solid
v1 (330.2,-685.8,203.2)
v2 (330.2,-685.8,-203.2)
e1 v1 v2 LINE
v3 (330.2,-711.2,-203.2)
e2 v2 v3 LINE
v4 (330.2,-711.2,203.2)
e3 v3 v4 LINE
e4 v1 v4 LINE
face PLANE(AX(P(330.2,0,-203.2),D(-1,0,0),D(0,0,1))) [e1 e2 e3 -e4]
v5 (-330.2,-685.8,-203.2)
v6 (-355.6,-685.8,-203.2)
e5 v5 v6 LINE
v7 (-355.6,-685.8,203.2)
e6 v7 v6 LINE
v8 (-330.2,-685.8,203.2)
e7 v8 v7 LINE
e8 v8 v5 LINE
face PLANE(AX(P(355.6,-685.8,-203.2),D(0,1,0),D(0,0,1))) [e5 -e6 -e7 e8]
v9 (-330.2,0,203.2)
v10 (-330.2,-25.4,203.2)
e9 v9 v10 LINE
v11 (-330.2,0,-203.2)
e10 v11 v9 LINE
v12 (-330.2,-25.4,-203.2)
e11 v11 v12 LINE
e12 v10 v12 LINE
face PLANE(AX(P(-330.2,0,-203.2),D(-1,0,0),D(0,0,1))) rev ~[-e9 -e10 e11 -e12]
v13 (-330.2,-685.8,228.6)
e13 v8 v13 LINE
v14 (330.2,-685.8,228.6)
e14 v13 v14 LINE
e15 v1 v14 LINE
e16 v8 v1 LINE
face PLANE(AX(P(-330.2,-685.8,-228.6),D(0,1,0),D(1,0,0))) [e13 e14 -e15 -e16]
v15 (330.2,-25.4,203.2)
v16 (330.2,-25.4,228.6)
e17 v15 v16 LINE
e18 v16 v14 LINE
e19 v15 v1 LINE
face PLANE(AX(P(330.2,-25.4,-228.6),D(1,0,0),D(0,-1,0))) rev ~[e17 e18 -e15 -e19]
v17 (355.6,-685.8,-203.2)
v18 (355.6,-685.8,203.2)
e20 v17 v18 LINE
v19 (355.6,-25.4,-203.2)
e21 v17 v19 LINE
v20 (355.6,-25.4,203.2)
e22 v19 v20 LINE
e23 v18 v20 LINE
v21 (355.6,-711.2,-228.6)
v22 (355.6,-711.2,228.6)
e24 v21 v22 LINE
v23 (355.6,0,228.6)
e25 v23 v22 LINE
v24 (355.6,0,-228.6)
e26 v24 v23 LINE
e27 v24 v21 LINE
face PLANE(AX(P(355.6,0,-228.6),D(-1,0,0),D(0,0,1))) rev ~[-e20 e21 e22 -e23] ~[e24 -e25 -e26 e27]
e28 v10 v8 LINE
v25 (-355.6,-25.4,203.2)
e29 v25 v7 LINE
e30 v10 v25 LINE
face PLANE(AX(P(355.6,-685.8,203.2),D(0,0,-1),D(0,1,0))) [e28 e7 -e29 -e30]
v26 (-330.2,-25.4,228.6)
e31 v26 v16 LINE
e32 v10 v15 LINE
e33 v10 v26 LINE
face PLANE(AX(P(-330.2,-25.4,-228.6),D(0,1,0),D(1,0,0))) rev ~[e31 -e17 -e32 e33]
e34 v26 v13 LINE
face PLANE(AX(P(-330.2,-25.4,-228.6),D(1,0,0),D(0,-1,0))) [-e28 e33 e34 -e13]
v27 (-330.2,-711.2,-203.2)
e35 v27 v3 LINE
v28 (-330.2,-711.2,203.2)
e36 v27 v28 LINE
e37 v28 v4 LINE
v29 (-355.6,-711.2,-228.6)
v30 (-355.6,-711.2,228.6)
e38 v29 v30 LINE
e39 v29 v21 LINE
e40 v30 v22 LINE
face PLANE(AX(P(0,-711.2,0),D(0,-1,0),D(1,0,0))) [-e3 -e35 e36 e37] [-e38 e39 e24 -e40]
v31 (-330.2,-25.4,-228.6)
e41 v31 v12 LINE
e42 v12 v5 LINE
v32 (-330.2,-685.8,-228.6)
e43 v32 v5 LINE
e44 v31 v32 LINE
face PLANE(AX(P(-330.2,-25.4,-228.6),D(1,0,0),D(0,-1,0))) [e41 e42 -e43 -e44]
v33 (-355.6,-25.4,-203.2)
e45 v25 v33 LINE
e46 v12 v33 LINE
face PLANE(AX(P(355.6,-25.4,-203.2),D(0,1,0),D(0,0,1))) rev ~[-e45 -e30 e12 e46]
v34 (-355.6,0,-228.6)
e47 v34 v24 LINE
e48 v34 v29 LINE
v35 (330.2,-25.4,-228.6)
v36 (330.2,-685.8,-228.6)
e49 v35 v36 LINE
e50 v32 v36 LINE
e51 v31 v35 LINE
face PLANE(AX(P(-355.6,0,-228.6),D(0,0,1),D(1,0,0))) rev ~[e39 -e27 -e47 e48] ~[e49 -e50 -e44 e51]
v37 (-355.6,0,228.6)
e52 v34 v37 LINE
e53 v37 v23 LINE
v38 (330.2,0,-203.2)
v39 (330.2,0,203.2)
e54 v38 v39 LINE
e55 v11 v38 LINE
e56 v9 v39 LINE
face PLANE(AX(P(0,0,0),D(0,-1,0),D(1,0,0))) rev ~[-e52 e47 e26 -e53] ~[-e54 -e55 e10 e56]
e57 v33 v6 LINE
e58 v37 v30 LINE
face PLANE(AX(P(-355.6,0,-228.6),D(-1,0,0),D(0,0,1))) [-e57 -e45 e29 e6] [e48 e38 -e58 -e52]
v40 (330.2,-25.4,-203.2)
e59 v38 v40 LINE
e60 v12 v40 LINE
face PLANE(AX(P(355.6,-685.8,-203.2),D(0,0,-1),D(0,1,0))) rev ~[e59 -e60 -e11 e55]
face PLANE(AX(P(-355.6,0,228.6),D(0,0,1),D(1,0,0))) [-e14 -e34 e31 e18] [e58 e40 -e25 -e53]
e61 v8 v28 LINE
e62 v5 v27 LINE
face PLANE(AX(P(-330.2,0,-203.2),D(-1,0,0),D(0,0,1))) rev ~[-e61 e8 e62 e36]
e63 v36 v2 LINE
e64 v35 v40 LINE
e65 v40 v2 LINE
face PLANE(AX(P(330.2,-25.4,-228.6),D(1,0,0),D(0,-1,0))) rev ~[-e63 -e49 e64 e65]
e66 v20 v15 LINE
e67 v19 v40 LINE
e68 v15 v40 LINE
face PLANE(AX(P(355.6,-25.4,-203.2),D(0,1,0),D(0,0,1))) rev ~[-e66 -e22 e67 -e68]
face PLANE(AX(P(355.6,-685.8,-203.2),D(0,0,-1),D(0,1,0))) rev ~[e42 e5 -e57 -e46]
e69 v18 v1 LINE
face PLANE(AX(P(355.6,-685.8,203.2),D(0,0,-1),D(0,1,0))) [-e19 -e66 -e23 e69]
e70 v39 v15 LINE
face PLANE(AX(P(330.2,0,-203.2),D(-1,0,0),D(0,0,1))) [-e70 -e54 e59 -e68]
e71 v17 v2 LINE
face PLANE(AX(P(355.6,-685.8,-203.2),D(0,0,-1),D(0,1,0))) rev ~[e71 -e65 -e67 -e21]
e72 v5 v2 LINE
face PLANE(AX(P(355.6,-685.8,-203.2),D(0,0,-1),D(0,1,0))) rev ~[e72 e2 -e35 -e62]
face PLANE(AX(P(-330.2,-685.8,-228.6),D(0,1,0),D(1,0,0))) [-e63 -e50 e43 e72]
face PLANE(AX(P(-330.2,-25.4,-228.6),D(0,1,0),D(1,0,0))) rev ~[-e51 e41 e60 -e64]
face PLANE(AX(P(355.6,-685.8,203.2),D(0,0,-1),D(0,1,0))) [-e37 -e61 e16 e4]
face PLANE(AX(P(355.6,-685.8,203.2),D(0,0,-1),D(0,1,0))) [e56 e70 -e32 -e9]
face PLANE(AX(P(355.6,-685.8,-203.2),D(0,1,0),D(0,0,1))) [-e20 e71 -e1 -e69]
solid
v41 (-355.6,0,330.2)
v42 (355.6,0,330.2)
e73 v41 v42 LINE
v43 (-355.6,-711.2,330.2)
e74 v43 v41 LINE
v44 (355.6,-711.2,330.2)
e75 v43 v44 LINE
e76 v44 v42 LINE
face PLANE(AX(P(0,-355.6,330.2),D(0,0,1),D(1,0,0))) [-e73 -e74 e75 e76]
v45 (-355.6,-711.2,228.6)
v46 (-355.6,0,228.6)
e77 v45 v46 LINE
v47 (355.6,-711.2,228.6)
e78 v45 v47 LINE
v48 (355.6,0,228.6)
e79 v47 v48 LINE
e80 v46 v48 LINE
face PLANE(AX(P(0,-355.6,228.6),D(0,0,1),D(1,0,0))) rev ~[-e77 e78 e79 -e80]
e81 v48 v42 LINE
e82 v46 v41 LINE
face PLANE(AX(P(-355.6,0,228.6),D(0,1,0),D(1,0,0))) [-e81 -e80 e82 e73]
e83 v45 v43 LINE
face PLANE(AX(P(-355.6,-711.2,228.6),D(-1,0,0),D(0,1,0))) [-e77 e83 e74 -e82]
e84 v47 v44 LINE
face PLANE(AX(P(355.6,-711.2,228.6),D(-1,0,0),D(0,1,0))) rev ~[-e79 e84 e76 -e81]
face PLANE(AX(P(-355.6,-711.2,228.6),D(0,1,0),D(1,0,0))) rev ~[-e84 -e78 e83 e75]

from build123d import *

# Parameters (mm, degrees)
F0_W     = 711.2
F0_H     = 457.2
F0_W_2   = 660.4
F0_H_2   = 406.4
F1_DEPTH = 711.2
F3_DEPTH = 711.2
F4_W     = 660.4
F4_H     = 406.4
F5_DEPTH = 711.201
F6_W     = 660.4
F6_H     = 660.4
F7_DEPTH = 457.2
F8_W     = 711.2
F8_H     = 711.2
F9_DEPTH = 101.6


with BuildPart() as f1:
    # F0 (on Front) → F1 (new body)
    with BuildSketch(Plane.XZ):
        Rectangle(F0_W, F0_H)
        Rectangle(F0_W_2, F0_H_2, mode=Mode.SUBTRACT)
    extrude(amount=F1_DEPTH)


with BuildPart() as f3:
    # F0 (on Front) → F3 (new body)
    with BuildSketch(Plane.XZ):
        Rectangle(F0_W, F0_H)
        Rectangle(F0_W_2, F0_H_2, mode=Mode.SUBTRACT)
    extrude(amount=F3_DEPTH)


with BuildPart() as f5_tool:
    # F4 (on face) → F5 (new body, through all)
    with BuildSketch(Plane.YZ.offset(355.6)):
        with Locations((-355.6, 0)):
            Rectangle(F4_W, F4_H)
    extrude(amount=-F5_DEPTH)


with BuildPart() as f1_1:
    add(f1.part)

    # F5: cut by f5_tool
    add(f5_tool.part, mode=Mode.SUBTRACT)


with BuildPart() as f3_1:
    add(f3.part)

    # F5: cut by f5_tool
    add(f5_tool.part, mode=Mode.SUBTRACT)


with BuildPart() as f7_tool:
    # F6 (on face) → F7 (new body, through all)
    with BuildSketch(Plane(origin=(0, 0, -228.6), x_dir=(1, 0, 0), z_dir=(0, 0, -1))):
        with Locations((0, 355.6)):
            Rectangle(F6_W, F6_H)
    extrude(amount=-F7_DEPTH)


with BuildPart() as f1_2:
    add(f1_1.part)

    # F7: cut by f7_tool
    add(f7_tool.part, mode=Mode.SUBTRACT)


with BuildPart() as f3_2:
    add(f3_1.part)

    # F7: cut by f7_tool
    add(f7_tool.part, mode=Mode.SUBTRACT)


with BuildPart() as f9:
    # F8 (on face) → F9 (new body)
    with BuildSketch(Plane.XY.offset(228.6)):
        with Locations((0, -355.6)):
            Rectangle(F8_W, F8_H)
    extrude(amount=F9_DEPTH)


solid = Compound([f1_2.part, f9.part])
